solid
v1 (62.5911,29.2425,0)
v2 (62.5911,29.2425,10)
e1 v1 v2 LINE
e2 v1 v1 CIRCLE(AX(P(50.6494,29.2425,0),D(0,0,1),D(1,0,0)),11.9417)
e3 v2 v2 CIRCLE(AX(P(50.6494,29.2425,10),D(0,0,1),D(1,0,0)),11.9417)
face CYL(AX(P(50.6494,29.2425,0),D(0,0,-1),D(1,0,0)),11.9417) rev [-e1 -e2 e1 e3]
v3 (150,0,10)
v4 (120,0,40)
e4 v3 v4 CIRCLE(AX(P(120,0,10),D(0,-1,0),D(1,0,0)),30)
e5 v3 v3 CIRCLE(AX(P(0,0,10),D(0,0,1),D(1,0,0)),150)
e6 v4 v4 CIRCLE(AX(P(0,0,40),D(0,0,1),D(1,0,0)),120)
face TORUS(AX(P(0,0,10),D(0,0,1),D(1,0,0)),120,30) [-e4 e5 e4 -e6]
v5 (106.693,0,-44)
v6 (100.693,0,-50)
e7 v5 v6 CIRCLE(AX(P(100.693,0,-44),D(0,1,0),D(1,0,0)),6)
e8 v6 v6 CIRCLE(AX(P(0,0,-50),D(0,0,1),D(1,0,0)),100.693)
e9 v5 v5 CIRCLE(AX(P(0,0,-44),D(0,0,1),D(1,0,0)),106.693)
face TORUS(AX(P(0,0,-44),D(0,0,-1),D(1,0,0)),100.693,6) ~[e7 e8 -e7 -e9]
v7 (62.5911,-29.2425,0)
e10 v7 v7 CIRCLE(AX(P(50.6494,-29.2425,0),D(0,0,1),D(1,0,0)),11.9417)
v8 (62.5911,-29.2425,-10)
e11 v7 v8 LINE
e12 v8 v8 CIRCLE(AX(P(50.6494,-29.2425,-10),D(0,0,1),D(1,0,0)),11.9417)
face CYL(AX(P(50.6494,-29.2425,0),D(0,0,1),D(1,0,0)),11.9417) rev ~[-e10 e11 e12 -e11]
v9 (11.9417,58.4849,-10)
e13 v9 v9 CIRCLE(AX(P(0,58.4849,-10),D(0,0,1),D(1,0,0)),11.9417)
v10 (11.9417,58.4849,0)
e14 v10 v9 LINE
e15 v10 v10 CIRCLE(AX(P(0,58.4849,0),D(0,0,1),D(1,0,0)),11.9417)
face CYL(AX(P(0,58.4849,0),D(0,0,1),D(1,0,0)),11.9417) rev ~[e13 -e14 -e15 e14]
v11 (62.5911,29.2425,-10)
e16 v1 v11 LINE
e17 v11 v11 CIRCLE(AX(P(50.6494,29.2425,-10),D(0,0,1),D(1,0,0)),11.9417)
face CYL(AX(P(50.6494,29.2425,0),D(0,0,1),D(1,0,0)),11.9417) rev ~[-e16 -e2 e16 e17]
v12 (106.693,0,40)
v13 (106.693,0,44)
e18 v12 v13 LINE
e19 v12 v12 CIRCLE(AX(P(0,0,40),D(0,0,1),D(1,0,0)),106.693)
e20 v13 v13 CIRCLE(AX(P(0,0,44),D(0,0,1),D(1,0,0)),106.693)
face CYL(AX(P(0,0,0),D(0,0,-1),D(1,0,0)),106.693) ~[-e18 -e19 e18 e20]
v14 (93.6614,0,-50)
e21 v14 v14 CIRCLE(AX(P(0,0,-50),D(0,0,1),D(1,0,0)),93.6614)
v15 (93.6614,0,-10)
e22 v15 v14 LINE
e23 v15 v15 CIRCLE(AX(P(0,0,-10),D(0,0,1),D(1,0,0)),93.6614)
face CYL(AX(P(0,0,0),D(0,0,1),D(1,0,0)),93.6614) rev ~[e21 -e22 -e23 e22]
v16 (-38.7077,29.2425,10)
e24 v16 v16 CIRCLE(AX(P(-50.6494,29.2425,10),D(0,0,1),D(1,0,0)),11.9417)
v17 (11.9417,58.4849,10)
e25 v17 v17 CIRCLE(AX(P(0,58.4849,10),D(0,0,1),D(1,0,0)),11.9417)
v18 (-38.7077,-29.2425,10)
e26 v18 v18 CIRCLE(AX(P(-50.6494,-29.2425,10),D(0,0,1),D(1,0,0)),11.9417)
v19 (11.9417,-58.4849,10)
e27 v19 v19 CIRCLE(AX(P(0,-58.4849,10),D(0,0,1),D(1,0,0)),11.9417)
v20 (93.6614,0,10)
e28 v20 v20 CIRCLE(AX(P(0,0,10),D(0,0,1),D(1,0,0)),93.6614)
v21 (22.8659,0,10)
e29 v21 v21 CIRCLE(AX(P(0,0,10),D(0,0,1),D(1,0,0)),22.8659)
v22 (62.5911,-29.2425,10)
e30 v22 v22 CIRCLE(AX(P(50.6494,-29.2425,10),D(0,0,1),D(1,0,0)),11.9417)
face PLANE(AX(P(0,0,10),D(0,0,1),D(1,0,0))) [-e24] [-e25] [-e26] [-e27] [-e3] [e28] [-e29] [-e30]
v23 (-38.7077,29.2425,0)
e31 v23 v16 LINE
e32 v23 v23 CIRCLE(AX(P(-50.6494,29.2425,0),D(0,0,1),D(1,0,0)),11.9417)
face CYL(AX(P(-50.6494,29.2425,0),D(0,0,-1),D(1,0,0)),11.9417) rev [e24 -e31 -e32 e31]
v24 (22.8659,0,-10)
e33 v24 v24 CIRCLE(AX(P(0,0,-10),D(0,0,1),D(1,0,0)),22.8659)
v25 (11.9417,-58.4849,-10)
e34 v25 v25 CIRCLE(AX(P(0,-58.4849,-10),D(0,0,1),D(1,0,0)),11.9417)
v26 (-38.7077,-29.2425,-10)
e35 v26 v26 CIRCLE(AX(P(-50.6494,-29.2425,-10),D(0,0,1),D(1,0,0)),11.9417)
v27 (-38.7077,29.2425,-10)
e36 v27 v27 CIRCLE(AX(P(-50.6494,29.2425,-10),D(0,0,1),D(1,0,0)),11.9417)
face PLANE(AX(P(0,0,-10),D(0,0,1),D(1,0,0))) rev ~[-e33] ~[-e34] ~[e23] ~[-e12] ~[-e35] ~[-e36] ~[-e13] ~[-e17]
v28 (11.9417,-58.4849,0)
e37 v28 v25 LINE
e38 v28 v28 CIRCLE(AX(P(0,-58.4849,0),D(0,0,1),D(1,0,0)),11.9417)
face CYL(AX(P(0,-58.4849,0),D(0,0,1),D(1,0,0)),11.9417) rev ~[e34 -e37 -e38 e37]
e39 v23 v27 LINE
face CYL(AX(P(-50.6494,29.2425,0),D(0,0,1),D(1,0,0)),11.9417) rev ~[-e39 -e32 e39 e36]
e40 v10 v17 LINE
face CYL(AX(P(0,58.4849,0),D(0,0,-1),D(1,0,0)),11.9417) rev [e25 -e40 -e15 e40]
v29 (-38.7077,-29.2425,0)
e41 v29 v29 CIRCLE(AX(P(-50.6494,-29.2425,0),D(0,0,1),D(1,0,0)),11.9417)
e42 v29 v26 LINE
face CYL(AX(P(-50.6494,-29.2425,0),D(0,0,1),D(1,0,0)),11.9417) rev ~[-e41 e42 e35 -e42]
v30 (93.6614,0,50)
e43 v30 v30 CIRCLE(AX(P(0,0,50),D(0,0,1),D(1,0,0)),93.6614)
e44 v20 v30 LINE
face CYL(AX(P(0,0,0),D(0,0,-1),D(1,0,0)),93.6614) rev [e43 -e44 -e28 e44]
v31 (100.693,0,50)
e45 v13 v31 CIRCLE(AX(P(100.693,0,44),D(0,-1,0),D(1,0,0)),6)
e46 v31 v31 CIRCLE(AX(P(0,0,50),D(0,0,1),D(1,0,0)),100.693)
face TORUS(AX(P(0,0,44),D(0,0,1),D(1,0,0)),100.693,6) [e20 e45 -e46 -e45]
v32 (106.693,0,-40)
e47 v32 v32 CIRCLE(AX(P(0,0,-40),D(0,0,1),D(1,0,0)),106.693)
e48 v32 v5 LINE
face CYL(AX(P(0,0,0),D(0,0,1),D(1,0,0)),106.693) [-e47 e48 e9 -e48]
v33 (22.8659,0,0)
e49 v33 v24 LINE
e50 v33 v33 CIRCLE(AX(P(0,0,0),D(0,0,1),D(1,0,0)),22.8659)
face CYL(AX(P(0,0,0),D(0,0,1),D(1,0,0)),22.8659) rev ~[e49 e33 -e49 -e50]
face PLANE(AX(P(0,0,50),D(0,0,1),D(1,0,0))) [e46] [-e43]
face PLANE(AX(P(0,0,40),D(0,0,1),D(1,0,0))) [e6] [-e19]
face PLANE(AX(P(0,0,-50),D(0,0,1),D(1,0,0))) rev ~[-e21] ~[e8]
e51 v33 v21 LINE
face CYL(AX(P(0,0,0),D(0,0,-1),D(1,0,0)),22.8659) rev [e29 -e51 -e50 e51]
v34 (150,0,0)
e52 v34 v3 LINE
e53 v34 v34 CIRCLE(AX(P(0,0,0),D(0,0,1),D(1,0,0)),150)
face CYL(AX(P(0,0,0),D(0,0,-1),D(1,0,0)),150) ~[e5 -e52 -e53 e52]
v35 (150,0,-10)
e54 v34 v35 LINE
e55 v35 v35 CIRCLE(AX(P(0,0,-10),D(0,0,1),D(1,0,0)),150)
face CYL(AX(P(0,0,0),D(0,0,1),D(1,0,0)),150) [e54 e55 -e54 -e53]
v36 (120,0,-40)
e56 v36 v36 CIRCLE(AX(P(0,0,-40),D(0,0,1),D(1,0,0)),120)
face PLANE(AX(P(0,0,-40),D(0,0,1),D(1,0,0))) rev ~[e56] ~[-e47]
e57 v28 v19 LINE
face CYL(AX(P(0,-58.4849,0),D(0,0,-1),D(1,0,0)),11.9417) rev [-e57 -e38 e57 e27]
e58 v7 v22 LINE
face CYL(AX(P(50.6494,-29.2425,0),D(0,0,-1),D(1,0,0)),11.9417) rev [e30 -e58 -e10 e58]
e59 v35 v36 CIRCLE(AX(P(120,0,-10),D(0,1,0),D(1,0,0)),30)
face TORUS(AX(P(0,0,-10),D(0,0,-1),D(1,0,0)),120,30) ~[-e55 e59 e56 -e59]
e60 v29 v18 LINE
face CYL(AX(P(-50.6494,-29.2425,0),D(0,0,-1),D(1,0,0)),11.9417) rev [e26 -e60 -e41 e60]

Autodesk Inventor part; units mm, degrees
ref_plane "YZ Plane" through (0, 0, 0) normal (1, 0, 0) x (0, 1, 0)
ref_plane "XZ Plane" through (0, 0, 0) normal (0, 1, 0) x (-1, 0, 0)
ref_plane "XY Plane" through (0, 0, 0) normal (0, 0, 1) x (1, 0, 0)
sketch "Sketch1" plane through (0, 0, 0) normal (0, 0, 1) x (1, 0, 0)
  circle A0 centre (0, 0) radius 150
  circle A1 centre (0, 0) radius 106.693
  dimension "d0" = 300
extrude "Extrusion1" add sketch "Sketch1" along normal mid plane 80
fillet "Fillet1" radius 30 2 edges at (-150, 0, 40) (-150, 0, -40)
sketch "Sketch2" plane through (0, 0, 0) normal (0, 0, 1) x (1, 0, 0)
  circle A0 centre (0, 0) radius 106.693 projected
  circle A1 centre (0, 0) radius 93.6614
extrude "Extrusion2" add sketch "Sketch2" along normal mid plane 100
fillet "Fillet2" radius 6 2 edges at (-106.693, 0, -50) (-106.693, 0, 50)
sketch "Sketch3" plane through (0, 0, 0) normal (0, 0, 1) x (1, 0, 0)
  circle A0 centre (0, 0) radius 93.6614 projected
  circle A1 centre (0, 0) radius 22.8659
  circle A2 centre (0, 58.4849) radius 11.9417
  circle A3 centre (-50.6494, 29.2425) radius 11.9417
  circle A4 centre (-50.6494, -29.2425) radius 11.9417
  circle A5 centre (0, -58.4849) radius 11.9417
  circle A6 centre (50.6494, -29.2425) radius 11.9417
  circle A7 centre (50.6494, 29.2425) radius 11.9417
  dimension "d9" = 360
extrude "Extrusion3" add sketch "Sketch3" along normal mid plane 20
properties part number "rear"
